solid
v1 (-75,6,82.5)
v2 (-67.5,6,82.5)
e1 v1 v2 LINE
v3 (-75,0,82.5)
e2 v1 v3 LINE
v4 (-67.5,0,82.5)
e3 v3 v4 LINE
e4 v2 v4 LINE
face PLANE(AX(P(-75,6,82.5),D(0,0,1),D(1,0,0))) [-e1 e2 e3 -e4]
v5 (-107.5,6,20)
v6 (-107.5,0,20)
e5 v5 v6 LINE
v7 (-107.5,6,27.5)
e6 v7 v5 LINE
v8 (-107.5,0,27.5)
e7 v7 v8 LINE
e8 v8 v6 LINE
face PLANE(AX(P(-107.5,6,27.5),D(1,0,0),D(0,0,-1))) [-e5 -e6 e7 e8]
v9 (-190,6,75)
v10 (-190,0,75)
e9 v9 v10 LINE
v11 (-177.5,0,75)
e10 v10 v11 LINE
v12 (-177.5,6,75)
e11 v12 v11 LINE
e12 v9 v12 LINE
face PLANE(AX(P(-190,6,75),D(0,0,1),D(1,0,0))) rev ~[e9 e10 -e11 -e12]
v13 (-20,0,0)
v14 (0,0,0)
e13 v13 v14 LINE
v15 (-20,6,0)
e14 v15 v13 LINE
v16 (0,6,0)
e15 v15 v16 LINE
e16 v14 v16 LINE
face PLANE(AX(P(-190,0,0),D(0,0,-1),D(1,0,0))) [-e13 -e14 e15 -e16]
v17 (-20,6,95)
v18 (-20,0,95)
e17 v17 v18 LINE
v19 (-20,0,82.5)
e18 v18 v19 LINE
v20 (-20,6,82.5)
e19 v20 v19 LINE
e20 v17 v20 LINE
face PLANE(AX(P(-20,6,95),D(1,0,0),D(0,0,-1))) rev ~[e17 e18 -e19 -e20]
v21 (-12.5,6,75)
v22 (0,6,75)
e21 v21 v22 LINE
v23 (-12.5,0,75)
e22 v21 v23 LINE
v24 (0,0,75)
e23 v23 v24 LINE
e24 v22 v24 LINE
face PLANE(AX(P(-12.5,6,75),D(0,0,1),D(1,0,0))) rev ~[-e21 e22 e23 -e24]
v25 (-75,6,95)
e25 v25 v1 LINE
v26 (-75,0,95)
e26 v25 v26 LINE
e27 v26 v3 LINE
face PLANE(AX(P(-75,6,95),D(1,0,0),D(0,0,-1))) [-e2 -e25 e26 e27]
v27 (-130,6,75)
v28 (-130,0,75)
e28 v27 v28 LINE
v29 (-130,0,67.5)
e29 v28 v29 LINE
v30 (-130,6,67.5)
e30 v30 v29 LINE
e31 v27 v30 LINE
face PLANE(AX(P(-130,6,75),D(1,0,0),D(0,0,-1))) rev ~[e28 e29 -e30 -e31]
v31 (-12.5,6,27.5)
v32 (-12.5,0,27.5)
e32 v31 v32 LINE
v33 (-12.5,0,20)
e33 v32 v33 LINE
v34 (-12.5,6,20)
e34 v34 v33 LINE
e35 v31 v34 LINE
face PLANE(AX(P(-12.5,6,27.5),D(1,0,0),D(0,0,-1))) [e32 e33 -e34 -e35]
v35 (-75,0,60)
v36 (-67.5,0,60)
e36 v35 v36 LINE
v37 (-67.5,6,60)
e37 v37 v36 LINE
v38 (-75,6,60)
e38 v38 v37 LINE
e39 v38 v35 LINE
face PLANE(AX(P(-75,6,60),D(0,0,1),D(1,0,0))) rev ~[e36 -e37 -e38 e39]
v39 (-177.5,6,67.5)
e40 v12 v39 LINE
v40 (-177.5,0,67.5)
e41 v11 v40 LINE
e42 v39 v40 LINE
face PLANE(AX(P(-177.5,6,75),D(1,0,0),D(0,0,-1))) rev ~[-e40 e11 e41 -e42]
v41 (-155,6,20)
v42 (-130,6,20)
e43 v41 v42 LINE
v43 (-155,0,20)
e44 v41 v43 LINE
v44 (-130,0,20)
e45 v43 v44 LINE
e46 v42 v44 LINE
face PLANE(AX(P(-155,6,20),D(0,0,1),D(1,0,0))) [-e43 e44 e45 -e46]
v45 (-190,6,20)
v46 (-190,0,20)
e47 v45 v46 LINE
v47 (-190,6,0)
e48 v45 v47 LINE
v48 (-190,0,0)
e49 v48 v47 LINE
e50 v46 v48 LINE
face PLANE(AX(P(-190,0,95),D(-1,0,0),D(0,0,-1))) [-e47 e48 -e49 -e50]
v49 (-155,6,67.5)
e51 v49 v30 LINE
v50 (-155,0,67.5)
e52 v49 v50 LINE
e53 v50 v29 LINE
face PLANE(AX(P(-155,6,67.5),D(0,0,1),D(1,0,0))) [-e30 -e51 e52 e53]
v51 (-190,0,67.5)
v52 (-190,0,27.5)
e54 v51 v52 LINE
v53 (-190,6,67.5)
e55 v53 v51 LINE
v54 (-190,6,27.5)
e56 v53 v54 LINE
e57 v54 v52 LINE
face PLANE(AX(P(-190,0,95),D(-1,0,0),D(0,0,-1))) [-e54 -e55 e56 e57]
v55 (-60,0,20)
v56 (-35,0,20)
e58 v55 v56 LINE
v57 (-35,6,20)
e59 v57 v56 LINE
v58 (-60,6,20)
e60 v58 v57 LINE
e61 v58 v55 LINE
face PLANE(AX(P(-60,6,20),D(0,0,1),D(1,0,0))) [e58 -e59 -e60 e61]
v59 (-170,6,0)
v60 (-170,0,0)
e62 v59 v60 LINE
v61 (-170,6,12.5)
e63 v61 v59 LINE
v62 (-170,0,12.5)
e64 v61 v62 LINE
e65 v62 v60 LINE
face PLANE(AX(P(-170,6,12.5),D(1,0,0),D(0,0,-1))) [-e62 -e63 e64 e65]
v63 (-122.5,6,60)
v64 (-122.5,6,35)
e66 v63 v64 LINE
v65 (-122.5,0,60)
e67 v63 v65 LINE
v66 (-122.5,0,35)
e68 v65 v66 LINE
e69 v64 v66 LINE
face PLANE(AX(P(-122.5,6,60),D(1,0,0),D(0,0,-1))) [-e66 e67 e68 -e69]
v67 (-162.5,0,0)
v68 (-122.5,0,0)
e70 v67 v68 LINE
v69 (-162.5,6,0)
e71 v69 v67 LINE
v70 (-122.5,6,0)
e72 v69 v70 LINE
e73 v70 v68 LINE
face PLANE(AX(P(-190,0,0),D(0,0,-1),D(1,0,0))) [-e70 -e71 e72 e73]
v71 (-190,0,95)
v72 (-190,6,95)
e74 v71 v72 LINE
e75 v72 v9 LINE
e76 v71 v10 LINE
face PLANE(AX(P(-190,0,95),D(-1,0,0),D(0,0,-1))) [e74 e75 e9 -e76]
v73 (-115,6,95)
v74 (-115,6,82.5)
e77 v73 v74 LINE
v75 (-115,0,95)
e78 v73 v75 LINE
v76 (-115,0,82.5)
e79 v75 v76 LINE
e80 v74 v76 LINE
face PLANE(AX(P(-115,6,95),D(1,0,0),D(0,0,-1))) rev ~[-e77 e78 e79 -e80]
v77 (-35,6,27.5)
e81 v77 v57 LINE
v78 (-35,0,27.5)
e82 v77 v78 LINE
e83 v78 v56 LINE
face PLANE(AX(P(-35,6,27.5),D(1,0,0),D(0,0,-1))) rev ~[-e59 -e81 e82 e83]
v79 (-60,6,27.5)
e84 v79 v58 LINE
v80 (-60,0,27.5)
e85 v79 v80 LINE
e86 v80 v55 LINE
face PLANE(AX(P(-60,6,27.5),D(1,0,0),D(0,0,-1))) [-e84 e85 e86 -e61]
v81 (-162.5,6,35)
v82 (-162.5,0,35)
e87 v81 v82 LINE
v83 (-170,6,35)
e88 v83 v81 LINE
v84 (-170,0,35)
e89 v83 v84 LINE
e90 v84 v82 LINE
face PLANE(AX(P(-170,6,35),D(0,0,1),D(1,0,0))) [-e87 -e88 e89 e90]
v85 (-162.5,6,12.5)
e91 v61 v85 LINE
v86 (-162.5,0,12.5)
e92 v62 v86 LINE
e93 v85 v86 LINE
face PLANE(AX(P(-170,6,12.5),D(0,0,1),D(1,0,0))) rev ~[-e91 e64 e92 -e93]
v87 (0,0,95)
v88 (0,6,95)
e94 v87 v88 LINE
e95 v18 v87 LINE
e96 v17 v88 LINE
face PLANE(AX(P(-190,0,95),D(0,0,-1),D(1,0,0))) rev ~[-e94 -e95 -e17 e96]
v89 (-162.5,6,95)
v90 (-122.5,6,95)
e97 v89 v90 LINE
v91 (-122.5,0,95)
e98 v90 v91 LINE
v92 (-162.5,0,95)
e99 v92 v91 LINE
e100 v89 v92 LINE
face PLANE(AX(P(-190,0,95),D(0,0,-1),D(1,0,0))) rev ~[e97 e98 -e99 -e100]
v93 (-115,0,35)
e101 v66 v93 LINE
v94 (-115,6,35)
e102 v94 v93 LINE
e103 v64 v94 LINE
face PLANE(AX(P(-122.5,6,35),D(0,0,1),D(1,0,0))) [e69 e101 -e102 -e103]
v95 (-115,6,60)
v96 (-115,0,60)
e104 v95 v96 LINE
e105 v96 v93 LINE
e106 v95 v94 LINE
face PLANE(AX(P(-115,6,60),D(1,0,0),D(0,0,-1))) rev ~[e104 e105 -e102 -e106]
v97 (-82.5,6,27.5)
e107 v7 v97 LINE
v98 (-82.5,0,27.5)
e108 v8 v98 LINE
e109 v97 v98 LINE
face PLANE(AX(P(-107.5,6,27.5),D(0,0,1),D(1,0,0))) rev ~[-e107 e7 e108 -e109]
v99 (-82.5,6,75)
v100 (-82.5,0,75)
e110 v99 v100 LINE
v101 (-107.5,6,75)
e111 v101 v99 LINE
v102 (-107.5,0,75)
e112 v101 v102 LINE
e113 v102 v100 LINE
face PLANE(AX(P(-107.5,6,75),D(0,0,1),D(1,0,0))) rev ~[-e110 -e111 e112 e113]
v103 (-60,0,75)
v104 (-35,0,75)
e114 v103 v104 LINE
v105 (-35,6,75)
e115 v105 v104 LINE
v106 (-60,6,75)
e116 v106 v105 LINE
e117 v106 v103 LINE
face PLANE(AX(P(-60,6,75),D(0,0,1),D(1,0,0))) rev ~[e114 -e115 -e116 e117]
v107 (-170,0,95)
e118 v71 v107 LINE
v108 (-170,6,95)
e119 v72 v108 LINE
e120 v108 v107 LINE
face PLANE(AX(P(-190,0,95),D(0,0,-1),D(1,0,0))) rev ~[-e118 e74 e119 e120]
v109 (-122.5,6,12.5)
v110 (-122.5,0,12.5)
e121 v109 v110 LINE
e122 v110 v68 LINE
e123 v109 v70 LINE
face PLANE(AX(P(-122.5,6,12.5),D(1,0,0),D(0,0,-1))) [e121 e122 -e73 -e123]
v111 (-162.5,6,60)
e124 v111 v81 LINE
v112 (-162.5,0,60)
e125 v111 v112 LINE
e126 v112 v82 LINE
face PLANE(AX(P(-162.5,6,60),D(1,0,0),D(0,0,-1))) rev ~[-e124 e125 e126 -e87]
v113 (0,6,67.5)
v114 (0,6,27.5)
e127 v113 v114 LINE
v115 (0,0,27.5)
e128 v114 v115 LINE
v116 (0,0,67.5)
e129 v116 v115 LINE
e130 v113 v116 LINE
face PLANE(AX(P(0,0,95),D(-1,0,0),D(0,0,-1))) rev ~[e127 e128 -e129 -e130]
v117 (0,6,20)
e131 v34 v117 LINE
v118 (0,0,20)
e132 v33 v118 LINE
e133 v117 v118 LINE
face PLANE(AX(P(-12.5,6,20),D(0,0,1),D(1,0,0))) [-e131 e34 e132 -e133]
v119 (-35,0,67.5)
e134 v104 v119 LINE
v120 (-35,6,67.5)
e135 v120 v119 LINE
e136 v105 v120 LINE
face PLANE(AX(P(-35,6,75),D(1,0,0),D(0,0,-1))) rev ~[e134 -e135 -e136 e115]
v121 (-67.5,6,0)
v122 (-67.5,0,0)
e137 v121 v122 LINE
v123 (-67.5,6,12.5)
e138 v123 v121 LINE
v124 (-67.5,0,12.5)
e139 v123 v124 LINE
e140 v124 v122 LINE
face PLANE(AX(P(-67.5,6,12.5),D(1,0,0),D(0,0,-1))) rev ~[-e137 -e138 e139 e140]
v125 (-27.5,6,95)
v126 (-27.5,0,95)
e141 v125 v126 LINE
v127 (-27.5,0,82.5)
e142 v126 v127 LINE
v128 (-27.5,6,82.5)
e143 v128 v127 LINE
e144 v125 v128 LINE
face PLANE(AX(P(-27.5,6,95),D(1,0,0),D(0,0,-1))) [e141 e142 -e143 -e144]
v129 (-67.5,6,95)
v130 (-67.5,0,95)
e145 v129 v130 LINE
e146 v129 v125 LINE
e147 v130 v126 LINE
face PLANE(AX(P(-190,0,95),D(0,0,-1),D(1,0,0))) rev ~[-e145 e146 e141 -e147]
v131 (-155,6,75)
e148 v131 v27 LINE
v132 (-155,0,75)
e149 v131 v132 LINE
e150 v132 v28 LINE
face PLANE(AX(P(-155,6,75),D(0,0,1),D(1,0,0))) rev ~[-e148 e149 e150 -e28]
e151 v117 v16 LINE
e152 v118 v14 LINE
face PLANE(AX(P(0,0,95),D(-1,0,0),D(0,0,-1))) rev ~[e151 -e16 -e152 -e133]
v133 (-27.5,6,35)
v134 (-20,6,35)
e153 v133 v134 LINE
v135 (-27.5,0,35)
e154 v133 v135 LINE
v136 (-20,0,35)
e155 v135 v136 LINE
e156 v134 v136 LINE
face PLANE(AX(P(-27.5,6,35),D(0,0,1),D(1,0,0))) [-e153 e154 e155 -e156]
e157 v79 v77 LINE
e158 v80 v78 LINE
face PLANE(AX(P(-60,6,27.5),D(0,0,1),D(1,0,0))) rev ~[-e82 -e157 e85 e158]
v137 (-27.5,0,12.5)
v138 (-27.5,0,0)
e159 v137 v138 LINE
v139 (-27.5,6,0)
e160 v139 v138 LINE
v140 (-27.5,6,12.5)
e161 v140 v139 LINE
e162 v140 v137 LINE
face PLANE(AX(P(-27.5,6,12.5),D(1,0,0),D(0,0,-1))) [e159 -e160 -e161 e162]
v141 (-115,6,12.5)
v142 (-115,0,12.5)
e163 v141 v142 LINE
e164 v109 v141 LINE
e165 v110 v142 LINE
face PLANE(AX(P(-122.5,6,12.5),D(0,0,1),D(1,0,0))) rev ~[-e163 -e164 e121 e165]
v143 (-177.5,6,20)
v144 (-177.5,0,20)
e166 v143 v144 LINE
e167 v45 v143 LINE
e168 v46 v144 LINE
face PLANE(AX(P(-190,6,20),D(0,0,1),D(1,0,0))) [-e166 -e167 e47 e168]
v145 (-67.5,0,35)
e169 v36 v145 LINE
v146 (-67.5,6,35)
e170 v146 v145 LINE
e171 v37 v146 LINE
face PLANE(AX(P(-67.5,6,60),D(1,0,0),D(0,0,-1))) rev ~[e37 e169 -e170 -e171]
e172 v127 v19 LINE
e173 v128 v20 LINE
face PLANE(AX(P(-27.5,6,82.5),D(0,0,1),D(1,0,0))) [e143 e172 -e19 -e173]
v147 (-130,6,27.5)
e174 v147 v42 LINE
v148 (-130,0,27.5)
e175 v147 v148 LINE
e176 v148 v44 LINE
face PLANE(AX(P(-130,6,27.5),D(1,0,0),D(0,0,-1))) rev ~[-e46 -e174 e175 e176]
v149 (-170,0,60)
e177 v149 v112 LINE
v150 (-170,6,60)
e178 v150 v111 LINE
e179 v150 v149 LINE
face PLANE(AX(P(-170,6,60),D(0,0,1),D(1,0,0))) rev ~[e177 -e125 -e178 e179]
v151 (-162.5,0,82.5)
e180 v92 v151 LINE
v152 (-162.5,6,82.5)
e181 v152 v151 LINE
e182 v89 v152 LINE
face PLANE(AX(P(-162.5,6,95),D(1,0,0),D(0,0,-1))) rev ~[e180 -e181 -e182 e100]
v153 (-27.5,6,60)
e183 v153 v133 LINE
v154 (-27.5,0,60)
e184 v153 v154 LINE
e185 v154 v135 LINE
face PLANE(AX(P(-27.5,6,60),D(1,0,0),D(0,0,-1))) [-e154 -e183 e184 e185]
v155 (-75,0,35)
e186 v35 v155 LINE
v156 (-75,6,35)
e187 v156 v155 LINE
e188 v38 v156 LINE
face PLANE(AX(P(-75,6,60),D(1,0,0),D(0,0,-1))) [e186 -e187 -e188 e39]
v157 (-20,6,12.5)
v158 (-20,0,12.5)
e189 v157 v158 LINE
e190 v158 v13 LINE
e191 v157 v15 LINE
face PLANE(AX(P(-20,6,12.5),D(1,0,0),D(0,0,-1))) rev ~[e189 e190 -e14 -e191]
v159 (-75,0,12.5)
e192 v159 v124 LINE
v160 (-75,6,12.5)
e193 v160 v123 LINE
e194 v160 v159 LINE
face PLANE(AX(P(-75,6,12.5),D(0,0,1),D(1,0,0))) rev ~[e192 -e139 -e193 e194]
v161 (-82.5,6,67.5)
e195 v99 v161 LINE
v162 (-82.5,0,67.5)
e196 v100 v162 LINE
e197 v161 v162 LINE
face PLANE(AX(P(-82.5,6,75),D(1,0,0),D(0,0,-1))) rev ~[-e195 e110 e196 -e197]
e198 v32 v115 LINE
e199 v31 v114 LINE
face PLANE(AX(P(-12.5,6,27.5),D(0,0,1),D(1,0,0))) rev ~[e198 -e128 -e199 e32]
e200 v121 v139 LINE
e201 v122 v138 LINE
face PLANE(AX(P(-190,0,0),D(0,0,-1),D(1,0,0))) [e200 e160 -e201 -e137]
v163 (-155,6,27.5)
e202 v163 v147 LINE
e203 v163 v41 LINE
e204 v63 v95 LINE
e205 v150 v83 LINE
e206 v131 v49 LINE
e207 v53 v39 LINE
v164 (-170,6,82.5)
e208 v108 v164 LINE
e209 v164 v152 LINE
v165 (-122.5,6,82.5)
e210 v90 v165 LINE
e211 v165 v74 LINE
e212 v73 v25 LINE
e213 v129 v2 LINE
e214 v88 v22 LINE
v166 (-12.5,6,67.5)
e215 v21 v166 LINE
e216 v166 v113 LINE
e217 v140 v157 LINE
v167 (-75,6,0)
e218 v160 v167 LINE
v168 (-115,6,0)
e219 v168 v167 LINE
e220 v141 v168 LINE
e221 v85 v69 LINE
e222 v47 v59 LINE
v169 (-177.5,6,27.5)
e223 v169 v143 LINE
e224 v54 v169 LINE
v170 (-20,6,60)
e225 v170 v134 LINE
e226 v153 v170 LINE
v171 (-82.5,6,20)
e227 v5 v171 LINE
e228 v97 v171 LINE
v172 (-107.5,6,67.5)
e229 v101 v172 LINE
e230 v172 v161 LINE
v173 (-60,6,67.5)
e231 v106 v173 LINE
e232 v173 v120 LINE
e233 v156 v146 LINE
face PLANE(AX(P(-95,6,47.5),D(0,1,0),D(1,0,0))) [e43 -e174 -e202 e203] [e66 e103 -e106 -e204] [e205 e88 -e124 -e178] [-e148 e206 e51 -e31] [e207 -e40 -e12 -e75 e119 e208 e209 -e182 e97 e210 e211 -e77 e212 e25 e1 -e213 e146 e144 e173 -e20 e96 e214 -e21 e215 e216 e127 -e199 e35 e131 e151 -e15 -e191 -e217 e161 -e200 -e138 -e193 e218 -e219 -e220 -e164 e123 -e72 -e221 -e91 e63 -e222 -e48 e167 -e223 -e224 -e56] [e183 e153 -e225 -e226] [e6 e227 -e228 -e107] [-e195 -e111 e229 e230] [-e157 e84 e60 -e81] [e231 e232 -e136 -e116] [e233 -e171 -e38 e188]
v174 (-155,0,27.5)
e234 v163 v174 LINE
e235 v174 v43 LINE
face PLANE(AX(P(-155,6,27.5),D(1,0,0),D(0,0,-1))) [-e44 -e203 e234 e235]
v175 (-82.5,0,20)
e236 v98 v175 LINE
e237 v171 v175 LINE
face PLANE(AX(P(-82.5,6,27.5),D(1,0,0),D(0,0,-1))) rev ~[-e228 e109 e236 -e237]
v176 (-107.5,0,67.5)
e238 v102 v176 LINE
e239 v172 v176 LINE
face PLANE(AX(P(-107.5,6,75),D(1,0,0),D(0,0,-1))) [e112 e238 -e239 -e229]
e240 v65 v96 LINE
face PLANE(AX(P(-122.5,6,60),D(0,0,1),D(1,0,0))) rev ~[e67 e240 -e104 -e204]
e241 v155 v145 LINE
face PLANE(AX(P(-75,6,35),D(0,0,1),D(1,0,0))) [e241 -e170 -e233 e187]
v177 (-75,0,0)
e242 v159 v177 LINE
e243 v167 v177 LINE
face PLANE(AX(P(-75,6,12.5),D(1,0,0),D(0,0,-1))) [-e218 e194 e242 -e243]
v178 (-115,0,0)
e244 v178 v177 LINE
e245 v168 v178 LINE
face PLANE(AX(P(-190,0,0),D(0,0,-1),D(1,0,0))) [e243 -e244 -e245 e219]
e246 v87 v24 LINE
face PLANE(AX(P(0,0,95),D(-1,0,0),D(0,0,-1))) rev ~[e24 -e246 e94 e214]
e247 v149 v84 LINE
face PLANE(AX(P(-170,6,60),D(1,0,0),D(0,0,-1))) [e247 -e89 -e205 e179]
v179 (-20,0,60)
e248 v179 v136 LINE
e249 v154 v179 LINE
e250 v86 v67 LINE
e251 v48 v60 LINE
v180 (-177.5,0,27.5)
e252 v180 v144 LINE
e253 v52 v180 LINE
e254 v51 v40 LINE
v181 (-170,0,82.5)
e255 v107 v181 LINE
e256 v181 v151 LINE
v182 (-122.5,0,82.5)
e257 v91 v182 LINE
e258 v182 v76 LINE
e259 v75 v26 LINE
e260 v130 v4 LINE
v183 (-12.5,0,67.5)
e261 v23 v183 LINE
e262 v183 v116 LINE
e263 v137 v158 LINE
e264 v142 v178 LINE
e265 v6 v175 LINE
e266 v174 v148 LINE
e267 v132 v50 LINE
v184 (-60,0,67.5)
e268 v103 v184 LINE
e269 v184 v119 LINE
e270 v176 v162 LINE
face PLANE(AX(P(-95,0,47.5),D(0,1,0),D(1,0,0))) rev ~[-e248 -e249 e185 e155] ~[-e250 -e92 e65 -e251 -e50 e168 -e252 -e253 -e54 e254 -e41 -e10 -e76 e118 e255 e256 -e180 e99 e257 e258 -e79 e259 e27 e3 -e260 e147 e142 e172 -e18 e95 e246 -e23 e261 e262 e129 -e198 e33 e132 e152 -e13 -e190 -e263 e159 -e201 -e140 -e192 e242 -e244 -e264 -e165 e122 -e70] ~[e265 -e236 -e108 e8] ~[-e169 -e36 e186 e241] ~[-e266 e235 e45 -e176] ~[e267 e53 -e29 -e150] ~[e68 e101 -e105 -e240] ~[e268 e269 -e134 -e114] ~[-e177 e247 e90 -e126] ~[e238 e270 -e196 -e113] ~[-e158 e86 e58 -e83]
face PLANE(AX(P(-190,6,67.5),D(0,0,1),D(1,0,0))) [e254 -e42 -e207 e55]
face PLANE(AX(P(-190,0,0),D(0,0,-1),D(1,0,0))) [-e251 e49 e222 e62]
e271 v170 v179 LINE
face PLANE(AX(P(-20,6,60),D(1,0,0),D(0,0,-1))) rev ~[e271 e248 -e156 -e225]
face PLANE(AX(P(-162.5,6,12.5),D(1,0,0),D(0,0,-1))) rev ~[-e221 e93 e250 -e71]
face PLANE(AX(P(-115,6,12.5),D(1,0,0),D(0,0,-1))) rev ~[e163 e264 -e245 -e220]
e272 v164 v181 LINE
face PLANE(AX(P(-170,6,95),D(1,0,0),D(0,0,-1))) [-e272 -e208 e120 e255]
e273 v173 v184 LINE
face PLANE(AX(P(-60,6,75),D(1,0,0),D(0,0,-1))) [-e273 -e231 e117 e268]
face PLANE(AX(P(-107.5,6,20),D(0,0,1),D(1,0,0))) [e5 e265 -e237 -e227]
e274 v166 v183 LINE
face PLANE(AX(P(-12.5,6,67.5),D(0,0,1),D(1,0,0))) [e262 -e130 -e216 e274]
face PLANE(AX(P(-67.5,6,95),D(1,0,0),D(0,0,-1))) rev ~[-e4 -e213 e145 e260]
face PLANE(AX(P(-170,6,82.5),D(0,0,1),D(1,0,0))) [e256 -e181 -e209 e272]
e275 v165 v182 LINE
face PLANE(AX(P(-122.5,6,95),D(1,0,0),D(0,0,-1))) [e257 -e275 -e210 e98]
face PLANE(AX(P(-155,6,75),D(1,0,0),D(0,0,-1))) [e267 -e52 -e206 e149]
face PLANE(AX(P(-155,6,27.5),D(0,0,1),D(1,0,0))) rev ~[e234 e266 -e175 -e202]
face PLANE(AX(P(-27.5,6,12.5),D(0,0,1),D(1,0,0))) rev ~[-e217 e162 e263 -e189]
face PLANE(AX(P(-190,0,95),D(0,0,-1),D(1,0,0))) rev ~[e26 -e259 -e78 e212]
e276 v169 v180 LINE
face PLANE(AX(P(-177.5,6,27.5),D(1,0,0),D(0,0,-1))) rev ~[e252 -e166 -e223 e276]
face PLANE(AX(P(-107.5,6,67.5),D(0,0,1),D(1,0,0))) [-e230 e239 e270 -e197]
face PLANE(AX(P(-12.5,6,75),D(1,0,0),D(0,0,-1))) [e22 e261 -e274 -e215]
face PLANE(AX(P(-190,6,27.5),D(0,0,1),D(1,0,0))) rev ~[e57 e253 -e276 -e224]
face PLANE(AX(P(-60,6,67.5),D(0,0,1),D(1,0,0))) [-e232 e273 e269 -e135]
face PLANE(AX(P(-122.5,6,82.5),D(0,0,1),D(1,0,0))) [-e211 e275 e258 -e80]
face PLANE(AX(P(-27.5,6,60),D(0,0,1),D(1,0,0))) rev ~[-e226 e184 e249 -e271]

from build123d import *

# Parameters (mm, degrees)
ESQUISSE1_W             = 190
ESQUISSE1_H             = 95
BOSS_EXTRU_1_DEPTH      = 6
ESQUISSE9_W             = 12.5
ESQUISSE9_H             = 7.5
ESQUISSE9_W_2           = 25
ESQUISSE9_W_3           = 7.5
ESQUISSE9_H_2           = 12.5
ESQUISSE9_H_3           = 25
ENL_V_MAT_EXTRU_1_DEPTH = 6


with BuildPart() as part:
    # Esquisse1 → Boss.-Extru.1 (new body)
    with BuildSketch(Plane(origin=(0, 0, 0), x_dir=(1, 0, 0), z_dir=(0, 1, 0))):
        with Locations((-95, -47.5)):
            Rectangle(ESQUISSE1_W, ESQUISSE1_H)
    extrude(amount=BOSS_EXTRU_1_DEPTH)

    # Esquisse9 → Enlèv. mat.-Extru.1 (cut)
    with BuildSketch(Plane(origin=(0, 6, 0), x_dir=(1, 0, 0), z_dir=(0, 1, 0))):
        with Locations((-183.75, -23.75)):
            Rectangle(ESQUISSE9_W, ESQUISSE9_H)
        with Locations((-142.5, -23.75)):
            Rectangle(ESQUISSE9_W_2, ESQUISSE9_H)
        with Locations((-183.75, -71.25)):
            Rectangle(ESQUISSE9_W, ESQUISSE9_H)
        with Locations((-142.5, -71.25)):
            Rectangle(ESQUISSE9_W_2, ESQUISSE9_H)
        with Locations((-95, -71.25)):
            Rectangle(ESQUISSE9_W_2, ESQUISSE9_H)
        with Locations((-95, -23.75)):
            Rectangle(ESQUISSE9_W_2, ESQUISSE9_H)
        with Locations((-47.5, -23.75)):
            Rectangle(ESQUISSE9_W_2, ESQUISSE9_H)
        with Locations((-6.25, -23.75)):
            Rectangle(ESQUISSE9_W, ESQUISSE9_H)
        with Locations((-47.5, -71.25)):
            Rectangle(ESQUISSE9_W_2, ESQUISSE9_H)
        with Locations((-6.25, -71.25)):
            Rectangle(ESQUISSE9_W, ESQUISSE9_H)
        with Locations((-166.25, -88.75)):
            Rectangle(ESQUISSE9_W_3, ESQUISSE9_H_2)
        with Locations((-166.25, -47.5)):
            Rectangle(ESQUISSE9_W_3, ESQUISSE9_H_3)
        with Locations((-166.25, -6.25)):
            Rectangle(ESQUISSE9_W_3, ESQUISSE9_H_2)
        with Locations((-118.75, -88.75)):
            Rectangle(ESQUISSE9_W_3, ESQUISSE9_H_2)
        with Locations((-71.25, -88.75)):
            Rectangle(ESQUISSE9_W_3, ESQUISSE9_H_2)
        with Locations((-23.75, -88.75)):
            Rectangle(ESQUISSE9_W_3, ESQUISSE9_H_2)
        with Locations((-118.75, -47.5)):
            Rectangle(ESQUISSE9_W_3, ESQUISSE9_H_3)
        with Locations((-71.25, -47.5)):
            Rectangle(ESQUISSE9_W_3, ESQUISSE9_H_3)
        with Locations((-23.75, -47.5)):
            Rectangle(ESQUISSE9_W_3, ESQUISSE9_H_3)
        with Locations((-118.75, -6.25)):
            Rectangle(ESQUISSE9_W_3, ESQUISSE9_H_2)
        with Locations((-71.25, -6.25)):
            Rectangle(ESQUISSE9_W_3, ESQUISSE9_H_2)
        with Locations((-23.75, -6.25)):
            Rectangle(ESQUISSE9_W_3, ESQUISSE9_H_2)
    extrude(amount=-ENL_V_MAT_EXTRU_1_DEPTH, mode=Mode.SUBTRACT)


solid = part.part
